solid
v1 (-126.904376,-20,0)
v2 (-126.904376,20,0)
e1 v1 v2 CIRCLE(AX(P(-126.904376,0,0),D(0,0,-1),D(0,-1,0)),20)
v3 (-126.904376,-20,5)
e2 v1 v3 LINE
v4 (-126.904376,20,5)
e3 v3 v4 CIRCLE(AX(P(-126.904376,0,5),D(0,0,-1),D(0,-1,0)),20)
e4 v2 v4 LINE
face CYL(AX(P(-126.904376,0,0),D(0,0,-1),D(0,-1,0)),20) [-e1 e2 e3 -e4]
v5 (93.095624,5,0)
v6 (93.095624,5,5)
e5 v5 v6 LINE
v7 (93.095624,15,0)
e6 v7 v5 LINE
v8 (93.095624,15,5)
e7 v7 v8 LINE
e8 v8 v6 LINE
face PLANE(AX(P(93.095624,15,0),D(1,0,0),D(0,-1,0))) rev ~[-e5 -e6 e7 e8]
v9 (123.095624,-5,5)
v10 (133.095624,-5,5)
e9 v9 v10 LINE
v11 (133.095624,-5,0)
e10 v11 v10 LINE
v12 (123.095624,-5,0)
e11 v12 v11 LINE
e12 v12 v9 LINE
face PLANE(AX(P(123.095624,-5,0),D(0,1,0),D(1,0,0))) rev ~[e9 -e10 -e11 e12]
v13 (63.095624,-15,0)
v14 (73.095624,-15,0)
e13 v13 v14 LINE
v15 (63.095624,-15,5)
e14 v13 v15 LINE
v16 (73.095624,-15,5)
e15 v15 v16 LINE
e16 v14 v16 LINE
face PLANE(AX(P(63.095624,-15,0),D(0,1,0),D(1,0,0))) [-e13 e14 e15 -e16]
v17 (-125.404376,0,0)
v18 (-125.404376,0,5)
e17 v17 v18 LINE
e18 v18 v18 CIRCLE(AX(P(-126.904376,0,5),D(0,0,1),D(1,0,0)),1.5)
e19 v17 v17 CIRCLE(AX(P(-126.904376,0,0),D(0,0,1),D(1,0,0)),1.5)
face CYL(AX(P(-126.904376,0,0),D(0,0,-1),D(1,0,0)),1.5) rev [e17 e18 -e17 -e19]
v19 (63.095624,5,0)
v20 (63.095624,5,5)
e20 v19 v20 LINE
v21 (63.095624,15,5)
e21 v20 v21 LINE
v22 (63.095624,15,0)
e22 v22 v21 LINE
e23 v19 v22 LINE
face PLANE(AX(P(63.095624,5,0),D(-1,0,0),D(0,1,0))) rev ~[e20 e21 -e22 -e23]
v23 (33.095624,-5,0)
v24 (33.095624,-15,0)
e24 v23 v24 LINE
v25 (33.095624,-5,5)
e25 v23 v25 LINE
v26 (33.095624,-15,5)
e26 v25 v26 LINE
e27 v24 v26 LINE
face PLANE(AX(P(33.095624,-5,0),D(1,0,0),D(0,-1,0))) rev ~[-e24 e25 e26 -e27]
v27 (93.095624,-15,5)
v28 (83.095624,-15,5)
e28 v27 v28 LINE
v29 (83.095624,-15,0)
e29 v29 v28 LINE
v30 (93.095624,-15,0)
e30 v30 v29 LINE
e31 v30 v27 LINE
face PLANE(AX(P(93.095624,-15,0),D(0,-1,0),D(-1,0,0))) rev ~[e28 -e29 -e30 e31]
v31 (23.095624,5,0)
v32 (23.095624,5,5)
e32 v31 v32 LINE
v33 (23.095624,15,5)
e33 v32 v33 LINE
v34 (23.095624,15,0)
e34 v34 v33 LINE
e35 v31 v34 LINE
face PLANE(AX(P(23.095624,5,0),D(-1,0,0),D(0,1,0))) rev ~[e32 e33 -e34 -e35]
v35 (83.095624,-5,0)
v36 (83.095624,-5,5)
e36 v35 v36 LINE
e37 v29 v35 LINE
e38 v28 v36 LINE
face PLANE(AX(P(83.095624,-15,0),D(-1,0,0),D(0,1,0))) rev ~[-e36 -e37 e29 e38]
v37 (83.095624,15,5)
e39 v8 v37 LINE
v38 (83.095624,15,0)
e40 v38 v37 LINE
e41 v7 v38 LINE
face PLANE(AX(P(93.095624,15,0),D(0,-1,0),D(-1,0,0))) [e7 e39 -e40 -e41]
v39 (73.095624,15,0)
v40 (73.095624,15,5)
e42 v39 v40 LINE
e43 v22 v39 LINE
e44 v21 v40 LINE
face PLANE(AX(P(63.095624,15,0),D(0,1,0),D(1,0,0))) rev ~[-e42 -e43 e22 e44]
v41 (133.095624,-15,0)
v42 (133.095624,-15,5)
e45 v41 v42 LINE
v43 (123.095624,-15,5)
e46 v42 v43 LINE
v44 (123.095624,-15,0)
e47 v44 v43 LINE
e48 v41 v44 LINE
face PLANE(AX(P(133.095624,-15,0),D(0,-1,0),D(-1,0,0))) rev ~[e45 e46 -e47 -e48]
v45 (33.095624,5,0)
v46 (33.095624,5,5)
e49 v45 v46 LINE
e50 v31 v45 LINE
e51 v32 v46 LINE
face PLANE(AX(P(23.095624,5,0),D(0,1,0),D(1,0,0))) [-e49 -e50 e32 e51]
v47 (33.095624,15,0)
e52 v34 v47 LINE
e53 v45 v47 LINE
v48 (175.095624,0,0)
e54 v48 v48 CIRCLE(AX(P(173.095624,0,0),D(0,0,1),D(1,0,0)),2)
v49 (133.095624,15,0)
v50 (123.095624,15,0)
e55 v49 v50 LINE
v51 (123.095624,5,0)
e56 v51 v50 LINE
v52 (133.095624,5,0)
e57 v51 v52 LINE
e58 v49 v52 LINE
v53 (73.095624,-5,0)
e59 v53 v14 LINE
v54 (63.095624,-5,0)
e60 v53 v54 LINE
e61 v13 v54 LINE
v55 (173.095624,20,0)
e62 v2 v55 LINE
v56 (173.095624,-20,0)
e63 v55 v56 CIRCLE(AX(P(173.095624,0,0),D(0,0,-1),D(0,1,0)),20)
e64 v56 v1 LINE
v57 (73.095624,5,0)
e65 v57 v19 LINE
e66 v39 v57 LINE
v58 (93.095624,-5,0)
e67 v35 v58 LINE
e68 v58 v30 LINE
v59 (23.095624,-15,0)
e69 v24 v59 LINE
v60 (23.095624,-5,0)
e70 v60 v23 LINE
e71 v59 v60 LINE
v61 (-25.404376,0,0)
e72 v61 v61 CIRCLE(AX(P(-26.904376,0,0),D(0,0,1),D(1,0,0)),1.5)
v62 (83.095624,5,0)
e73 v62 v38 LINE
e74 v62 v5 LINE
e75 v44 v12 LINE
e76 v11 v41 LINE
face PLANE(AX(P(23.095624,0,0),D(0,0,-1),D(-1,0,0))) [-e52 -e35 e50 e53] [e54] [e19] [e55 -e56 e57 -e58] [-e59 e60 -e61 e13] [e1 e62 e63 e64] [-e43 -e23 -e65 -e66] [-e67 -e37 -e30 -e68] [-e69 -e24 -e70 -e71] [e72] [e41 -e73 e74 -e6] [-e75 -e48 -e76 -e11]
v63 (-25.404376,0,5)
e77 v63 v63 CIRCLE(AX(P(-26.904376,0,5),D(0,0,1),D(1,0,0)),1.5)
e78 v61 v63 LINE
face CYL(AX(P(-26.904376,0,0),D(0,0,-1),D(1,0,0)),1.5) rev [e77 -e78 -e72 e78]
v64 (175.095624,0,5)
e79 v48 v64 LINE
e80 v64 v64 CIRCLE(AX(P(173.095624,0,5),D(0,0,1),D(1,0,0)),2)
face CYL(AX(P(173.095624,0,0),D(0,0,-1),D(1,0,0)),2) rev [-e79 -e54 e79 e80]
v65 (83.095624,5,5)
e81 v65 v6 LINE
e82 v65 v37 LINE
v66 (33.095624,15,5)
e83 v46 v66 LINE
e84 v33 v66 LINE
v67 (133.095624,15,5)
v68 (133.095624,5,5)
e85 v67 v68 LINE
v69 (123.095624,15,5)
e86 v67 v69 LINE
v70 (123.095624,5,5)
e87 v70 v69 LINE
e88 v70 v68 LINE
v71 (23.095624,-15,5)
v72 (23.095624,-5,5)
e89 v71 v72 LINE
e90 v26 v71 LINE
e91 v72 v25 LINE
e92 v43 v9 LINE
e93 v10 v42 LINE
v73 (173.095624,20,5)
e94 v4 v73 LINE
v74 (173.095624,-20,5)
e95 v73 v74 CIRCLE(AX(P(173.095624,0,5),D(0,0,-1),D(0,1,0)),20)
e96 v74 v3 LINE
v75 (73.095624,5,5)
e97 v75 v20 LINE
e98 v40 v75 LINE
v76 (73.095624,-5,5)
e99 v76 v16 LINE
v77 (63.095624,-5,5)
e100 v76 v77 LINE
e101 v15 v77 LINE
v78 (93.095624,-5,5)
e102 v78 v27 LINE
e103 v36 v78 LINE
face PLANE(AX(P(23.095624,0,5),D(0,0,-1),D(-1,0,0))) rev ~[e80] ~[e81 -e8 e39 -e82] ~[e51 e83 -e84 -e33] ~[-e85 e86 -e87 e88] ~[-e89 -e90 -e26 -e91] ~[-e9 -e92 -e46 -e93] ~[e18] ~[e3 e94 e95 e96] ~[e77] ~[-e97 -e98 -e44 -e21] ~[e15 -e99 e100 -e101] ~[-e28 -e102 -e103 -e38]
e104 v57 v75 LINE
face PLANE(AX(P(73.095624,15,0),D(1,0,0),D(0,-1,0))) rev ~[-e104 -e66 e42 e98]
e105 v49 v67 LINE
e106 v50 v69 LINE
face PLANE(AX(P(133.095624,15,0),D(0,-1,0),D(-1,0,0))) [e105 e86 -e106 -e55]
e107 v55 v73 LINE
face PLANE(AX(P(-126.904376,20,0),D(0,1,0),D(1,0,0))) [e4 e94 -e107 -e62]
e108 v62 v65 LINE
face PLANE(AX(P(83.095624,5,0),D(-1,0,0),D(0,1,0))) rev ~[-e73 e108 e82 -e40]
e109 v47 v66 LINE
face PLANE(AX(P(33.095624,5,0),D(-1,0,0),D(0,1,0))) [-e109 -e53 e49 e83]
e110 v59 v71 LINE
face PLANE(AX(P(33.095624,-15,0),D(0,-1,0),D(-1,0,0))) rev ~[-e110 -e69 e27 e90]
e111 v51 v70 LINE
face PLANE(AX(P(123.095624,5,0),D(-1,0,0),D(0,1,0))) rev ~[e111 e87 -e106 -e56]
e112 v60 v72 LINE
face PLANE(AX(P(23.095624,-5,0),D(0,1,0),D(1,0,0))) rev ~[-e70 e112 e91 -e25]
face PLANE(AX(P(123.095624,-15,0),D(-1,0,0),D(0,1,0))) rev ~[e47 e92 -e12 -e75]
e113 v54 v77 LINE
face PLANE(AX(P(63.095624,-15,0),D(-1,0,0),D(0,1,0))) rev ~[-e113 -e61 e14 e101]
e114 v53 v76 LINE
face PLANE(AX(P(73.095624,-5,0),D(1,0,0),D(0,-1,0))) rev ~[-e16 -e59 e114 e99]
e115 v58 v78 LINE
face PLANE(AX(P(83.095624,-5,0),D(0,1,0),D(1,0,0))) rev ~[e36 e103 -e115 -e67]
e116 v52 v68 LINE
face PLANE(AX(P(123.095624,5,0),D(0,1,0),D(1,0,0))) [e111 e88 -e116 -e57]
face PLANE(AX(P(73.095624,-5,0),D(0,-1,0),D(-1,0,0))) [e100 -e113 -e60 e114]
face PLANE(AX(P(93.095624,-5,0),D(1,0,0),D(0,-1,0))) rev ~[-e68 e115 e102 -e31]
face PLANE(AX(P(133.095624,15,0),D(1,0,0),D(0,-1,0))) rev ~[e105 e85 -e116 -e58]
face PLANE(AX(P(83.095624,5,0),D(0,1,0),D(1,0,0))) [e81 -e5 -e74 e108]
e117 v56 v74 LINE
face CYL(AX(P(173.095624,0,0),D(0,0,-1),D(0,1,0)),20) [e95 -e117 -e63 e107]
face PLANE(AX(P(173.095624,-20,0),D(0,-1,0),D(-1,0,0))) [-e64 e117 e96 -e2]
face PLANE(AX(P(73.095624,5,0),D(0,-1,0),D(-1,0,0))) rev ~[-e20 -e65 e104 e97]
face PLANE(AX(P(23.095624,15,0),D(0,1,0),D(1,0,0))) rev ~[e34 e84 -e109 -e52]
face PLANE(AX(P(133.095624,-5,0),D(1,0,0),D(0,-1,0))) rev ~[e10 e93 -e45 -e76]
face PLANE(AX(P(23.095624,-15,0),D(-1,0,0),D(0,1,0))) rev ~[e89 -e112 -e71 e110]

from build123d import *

# Parameters (mm, degrees)
SKETCH1_R           = 1.5
SKETCH1_R_2         = 2
SKETCH1_W           = 10
SKETCH1_H           = 10
BOSS_EXTRUDE1_DEPTH = 5


with BuildPart() as part:
    # Sketch1 → Boss-Extrude1 (new body)
    with BuildSketch(Plane.XY):
        with BuildLine():
            Line((-126.904376013, 20), (173.095623987, 20))
            ThreePointArc((173.095623987, 20), (193.095623987, 0), (173.095623987, -20))
            Line((173.095623987, -20), (-126.904376013, -20))
            ThreePointArc((-126.904376013, -20), (-146.904376013, 0), (-126.904376013, 20))
        make_face()
        with Locations((-126.904376013, 0)):
            Circle(SKETCH1_R, mode=Mode.SUBTRACT)
        with Locations((173.095623987, 0)):
            Circle(SKETCH1_R_2, mode=Mode.SUBTRACT)
        with Locations((-26.904376013, 0)):
            Circle(SKETCH1_R, mode=Mode.SUBTRACT)
        Polygon((63.095623987, 15), (73.095623987, 15), (73.095623987, 10), (73.095623987, 5), (63.095623987, 5), (63.095623987, 10), align=None, mode=Mode.SUBTRACT)
        Polygon((83.095623987, 10), (83.095623987, 5), (93.095623987, 5), (93.095623987, 10), (93.095623987, 15), (83.095623987, 15), align=None, mode=Mode.SUBTRACT)
        Polygon((123.095623987, 10), (123.095623987, 5), (133.095623987, 5), (133.095623987, 10), (133.095623987, 15), (123.095623987, 15), align=None, mode=Mode.SUBTRACT)
        Polygon((33.095623987, -15), (23.095623987, -15), (23.095623987, -10), (23.095623987, -5), (33.095623987, -5), (33.095623987, -10), align=None, mode=Mode.SUBTRACT)
        Polygon((63.095623987, -15), (73.095623987, -15), (73.095623987, -10), (73.095623987, -5), (63.095623987, -5), (63.095623987, -10), align=None, mode=Mode.SUBTRACT)
        Polygon((83.095623987, -10), (83.095623987, -5), (93.095623987, -5), (93.095623987, -10), (93.095623987, -15), (83.095623987, -15), align=None, mode=Mode.SUBTRACT)
        Polygon((123.095623987, -5), (133.095623987, -5), (133.095623987, -10), (133.095623987, -15), (123.095623987, -15), (123.095623987, -10), align=None, mode=Mode.SUBTRACT)
        with Locations((28.095623987, 10)):
            Rectangle(SKETCH1_W, SKETCH1_H, mode=Mode.SUBTRACT)
    extrude(amount=BOSS_EXTRUDE1_DEPTH)


solid = part.part
